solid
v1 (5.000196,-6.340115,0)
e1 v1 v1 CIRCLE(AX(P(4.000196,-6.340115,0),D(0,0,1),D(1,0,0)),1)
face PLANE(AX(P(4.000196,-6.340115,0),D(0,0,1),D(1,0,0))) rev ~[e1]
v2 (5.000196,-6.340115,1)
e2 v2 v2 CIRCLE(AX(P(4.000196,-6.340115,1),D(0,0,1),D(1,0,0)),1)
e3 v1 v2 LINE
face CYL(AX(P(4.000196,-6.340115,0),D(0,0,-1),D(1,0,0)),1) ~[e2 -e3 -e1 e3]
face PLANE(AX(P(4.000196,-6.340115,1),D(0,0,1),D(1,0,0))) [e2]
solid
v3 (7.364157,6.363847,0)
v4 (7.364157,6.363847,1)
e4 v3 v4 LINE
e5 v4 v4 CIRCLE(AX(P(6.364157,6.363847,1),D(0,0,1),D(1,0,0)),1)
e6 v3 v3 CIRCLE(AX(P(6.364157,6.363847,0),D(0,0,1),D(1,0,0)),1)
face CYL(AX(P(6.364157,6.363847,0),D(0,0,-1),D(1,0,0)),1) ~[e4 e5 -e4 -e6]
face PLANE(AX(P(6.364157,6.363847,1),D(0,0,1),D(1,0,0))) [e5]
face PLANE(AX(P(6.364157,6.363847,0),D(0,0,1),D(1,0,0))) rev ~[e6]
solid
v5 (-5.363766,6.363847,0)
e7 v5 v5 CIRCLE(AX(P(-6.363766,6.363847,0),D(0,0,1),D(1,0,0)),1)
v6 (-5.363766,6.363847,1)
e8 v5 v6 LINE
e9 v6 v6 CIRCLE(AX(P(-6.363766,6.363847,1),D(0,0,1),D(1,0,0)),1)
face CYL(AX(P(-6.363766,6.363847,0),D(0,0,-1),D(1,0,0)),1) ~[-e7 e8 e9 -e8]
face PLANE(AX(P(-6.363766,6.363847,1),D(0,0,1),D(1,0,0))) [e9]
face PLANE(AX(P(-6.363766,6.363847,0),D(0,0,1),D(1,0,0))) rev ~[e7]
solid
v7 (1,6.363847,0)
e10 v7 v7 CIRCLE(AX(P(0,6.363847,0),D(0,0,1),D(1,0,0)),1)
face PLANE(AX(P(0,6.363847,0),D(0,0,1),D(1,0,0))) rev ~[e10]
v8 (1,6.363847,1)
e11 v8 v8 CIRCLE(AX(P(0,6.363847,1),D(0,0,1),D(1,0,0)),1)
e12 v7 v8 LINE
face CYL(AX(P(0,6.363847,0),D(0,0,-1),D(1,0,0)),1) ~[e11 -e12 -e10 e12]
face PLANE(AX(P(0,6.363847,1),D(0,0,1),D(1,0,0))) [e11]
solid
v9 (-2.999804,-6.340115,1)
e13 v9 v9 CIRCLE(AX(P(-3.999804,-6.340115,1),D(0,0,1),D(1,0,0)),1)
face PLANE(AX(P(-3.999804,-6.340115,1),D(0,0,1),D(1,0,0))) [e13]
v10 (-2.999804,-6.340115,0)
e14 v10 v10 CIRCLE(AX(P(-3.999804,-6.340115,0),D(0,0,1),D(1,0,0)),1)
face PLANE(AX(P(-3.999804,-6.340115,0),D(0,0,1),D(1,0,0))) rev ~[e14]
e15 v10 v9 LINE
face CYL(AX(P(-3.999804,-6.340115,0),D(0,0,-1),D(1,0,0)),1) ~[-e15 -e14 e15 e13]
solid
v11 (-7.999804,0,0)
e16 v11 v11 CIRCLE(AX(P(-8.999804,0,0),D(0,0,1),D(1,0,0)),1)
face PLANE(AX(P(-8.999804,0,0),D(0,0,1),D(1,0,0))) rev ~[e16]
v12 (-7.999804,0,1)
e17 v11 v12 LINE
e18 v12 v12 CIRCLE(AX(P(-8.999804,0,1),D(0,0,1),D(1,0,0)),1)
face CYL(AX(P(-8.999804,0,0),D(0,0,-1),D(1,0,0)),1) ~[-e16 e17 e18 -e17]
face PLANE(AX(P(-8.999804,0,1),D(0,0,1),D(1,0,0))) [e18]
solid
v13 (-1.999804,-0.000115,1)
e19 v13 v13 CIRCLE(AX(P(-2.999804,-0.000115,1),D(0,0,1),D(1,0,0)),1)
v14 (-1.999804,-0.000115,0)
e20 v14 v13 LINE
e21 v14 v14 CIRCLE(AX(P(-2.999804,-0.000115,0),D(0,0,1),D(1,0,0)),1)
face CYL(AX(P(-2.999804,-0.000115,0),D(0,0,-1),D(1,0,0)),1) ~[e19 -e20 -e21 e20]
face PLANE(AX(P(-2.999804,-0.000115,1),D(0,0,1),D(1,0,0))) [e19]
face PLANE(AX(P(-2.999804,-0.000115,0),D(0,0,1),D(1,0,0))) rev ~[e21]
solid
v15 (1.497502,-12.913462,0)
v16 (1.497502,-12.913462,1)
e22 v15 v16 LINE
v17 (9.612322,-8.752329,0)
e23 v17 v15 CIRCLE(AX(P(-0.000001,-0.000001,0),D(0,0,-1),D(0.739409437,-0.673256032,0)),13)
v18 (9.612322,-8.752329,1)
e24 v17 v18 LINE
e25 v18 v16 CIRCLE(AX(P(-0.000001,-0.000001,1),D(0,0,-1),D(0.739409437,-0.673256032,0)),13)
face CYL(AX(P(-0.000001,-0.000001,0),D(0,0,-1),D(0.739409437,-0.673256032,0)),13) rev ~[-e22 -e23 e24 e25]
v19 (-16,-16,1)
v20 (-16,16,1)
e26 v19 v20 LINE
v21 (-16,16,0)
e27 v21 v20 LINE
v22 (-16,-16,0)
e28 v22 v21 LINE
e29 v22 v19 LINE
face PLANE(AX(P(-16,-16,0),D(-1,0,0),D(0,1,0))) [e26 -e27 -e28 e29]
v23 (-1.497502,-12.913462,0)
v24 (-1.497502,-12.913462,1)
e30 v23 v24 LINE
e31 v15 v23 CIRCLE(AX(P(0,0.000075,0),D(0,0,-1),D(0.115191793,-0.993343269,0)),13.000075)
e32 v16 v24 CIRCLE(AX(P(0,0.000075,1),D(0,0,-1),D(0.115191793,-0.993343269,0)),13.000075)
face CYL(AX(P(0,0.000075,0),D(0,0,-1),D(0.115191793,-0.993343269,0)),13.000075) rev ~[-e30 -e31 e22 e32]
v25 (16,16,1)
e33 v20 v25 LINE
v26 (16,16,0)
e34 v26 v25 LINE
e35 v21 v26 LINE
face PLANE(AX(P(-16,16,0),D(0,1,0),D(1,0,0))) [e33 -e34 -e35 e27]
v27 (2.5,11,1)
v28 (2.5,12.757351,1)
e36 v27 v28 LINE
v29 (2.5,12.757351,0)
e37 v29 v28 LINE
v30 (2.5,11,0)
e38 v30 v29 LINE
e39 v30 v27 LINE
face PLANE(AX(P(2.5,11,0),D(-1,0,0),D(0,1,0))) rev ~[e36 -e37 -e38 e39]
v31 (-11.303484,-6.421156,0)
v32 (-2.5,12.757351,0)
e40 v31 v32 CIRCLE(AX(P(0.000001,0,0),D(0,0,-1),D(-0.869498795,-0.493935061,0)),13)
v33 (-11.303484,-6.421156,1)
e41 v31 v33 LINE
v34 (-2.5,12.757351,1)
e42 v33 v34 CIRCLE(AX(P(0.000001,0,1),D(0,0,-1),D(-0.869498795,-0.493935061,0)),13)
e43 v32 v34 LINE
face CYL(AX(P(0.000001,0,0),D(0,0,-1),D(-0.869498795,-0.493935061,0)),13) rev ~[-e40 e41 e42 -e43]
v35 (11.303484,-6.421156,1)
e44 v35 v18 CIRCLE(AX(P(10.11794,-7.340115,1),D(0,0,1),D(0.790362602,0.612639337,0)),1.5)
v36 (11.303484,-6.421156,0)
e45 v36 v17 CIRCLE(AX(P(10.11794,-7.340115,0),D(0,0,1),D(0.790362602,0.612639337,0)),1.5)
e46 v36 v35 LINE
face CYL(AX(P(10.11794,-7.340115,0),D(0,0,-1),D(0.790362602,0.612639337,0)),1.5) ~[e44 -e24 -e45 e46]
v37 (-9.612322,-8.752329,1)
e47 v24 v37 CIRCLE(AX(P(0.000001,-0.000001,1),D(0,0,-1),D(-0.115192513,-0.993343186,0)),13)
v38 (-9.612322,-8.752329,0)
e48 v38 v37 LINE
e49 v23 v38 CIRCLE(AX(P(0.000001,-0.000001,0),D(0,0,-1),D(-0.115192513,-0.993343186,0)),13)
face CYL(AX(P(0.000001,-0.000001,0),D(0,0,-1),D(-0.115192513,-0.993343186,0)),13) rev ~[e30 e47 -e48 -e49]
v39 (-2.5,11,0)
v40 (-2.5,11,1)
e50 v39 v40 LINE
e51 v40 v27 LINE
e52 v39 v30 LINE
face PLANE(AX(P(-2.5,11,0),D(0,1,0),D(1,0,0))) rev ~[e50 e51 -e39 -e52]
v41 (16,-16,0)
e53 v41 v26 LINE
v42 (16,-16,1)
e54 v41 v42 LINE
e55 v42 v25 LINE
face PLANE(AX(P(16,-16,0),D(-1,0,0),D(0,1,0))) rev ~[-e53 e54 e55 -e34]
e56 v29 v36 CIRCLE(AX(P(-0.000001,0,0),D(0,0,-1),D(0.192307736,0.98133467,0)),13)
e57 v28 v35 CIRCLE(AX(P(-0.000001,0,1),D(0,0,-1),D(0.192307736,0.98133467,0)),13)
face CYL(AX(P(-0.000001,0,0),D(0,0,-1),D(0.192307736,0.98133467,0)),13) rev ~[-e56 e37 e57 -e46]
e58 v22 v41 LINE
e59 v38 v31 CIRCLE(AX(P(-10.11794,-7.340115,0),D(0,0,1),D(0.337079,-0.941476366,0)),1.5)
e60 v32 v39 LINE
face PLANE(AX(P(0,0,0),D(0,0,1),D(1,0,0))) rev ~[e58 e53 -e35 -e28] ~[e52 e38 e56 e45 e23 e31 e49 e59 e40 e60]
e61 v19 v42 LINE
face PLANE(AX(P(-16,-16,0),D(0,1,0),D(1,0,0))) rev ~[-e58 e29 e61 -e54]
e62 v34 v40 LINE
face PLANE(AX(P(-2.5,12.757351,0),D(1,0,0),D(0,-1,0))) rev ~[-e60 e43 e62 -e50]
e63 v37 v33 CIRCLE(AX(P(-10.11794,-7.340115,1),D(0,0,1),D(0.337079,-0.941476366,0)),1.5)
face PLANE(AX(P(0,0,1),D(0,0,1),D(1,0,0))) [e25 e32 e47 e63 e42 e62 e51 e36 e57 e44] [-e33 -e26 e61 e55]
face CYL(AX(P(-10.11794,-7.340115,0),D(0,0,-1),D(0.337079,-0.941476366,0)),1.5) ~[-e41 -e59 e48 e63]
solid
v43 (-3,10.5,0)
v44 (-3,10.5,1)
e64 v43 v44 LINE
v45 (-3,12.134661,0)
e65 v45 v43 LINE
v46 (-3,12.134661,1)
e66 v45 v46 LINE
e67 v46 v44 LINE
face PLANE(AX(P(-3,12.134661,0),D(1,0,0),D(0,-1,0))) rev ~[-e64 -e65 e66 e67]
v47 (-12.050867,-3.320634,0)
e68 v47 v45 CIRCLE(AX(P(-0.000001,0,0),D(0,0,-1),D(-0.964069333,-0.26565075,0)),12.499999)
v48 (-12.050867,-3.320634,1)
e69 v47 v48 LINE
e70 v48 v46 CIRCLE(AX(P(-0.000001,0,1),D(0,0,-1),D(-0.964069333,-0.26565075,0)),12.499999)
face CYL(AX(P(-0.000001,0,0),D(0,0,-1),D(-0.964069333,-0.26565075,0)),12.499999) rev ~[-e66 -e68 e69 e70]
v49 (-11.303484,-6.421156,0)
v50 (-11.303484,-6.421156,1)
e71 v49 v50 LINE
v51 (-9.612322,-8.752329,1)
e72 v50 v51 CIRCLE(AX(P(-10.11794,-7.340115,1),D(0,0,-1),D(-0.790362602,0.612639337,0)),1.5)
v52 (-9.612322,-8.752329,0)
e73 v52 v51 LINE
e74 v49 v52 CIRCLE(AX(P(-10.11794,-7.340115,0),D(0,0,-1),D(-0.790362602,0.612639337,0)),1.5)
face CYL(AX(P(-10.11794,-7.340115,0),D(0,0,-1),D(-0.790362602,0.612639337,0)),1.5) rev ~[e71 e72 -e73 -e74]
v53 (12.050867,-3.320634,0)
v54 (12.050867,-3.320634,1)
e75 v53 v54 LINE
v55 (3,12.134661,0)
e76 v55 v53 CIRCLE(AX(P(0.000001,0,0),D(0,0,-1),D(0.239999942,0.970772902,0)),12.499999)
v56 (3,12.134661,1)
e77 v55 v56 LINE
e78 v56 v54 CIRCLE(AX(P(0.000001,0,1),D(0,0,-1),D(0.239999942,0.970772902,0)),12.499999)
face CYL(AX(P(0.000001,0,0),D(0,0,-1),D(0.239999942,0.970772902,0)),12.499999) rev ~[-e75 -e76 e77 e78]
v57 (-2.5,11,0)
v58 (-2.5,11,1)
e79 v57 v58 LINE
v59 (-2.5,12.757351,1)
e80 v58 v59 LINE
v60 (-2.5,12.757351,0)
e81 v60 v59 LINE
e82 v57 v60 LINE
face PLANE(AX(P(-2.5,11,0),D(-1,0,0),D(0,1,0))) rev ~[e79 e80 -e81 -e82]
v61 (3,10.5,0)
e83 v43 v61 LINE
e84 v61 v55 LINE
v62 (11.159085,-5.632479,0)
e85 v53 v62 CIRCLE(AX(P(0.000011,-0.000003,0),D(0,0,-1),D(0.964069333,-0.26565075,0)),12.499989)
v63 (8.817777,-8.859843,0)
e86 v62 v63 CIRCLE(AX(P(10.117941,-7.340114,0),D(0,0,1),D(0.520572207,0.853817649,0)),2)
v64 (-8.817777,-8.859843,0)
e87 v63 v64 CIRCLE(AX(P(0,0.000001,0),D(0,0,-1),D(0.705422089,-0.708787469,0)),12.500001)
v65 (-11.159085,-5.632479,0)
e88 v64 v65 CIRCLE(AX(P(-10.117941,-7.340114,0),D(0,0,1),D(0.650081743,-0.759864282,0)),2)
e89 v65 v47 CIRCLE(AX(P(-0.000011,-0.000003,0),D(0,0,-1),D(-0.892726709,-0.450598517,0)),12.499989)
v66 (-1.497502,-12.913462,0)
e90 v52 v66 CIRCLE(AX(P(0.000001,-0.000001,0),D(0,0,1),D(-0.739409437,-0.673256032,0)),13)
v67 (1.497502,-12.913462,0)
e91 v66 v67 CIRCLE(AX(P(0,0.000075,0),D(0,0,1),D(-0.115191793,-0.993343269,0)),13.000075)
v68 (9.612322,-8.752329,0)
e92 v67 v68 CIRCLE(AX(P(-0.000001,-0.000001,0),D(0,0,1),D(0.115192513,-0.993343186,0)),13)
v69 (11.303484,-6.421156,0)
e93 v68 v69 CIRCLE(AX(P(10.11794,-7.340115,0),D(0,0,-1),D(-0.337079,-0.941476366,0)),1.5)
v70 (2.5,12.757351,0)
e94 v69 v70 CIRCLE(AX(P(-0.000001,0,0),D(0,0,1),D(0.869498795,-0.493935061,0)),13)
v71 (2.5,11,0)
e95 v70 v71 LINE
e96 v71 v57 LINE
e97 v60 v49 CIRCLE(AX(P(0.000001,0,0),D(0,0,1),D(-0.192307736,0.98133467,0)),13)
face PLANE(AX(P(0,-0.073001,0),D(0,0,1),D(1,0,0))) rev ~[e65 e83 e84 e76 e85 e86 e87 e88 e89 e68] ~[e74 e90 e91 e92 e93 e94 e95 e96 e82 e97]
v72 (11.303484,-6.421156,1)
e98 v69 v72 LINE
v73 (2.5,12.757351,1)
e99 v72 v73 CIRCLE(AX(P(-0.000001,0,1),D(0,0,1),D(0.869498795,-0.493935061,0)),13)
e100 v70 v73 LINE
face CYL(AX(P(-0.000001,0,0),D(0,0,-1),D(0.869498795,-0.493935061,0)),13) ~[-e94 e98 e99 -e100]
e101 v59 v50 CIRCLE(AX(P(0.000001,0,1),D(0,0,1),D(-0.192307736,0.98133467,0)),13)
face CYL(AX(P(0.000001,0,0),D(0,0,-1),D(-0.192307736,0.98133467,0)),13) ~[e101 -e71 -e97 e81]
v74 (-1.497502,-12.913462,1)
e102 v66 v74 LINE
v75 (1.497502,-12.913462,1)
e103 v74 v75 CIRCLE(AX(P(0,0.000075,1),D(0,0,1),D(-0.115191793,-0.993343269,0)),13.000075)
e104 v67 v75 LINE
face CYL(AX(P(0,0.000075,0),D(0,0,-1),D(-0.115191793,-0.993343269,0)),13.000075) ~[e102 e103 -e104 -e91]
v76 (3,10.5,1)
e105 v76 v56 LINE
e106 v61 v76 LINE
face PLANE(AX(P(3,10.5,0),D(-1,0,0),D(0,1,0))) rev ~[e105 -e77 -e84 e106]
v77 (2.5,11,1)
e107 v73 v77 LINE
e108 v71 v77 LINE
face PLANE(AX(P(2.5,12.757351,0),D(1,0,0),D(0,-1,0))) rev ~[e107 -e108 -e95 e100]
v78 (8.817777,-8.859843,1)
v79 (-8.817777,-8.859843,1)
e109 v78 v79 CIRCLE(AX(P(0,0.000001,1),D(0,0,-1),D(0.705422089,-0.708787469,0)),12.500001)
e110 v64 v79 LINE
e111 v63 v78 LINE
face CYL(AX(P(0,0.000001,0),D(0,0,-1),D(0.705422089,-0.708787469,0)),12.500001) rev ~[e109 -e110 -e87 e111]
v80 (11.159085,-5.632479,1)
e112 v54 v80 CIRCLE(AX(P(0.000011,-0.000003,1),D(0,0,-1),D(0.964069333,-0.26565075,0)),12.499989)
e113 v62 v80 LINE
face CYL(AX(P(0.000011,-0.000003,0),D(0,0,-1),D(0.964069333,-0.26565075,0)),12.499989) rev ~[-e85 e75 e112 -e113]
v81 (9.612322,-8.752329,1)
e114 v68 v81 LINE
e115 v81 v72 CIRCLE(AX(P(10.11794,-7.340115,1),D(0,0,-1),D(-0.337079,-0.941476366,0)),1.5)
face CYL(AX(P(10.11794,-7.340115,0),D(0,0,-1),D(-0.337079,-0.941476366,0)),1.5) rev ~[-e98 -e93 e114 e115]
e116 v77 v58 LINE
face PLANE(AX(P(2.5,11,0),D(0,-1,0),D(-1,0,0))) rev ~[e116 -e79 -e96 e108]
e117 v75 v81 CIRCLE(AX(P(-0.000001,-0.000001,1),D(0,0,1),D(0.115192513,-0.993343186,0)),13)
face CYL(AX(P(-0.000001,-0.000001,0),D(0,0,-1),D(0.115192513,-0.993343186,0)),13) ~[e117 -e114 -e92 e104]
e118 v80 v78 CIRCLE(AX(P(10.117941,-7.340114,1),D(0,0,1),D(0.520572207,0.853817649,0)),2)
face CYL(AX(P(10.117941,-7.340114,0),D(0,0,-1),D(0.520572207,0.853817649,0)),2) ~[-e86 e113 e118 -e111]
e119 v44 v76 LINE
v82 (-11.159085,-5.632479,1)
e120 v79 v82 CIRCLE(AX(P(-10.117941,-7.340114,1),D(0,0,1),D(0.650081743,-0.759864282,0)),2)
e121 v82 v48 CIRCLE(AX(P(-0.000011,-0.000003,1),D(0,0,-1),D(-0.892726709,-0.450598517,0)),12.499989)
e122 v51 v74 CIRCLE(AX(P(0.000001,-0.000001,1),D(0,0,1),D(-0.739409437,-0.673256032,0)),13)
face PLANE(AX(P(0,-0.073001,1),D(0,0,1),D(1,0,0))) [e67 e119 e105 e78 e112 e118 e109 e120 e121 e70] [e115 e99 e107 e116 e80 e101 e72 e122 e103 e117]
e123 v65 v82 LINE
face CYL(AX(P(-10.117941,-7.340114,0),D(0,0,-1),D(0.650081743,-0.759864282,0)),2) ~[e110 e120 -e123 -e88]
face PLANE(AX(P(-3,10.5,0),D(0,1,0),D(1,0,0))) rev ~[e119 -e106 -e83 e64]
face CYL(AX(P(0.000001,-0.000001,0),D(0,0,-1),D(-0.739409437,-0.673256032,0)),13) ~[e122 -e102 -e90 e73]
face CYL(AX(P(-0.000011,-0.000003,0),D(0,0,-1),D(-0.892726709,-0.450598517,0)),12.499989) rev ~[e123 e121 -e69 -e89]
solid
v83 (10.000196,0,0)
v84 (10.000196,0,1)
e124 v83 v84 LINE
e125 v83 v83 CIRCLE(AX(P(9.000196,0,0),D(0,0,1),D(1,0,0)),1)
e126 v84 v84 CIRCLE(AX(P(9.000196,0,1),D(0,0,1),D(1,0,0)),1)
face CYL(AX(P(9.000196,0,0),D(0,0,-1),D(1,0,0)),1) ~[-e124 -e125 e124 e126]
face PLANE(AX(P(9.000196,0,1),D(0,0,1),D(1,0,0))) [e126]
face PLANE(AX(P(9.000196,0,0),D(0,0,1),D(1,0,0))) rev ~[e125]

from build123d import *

# Parameters (mm, degrees)
F0_R     = 1
F1_DEPTH = 1
F0_W     = 32
F0_H     = 32
F2_DEPTH = 1


with BuildPart() as f1:
    # F0 (on Top) → F1 (new body)
    with BuildSketch(Plane.XY):
        with BuildLine():
            ThreePointArc((-1.497502, -12.913462), (0, -13), (1.497502, -12.913462))
            ThreePointArc((1.497502, -12.913462), (5.931762, -11.567809), (9.612322, -8.752329))
            ThreePointArc((9.612322, -8.752329), (8.903788, -6.459301), (11.303484, -6.421156))
            ThreePointArc((11.303484, -6.421156), (11.814729, 5.423299), (2.5, 12.757351))
            Line((2.5, 12.757351), (2.5, 11))
            Line((2.5, 11), (-2.5, 11))
            Line((-2.5, 11), (-2.5, 12.757351))
            ThreePointArc((-2.5, 12.757351), (-11.814729, 5.423299), (-11.303484, -6.421156))
            ThreePointArc((-11.303484, -6.421156), (-8.903788, -6.459301), (-9.612322, -8.752329))
            ThreePointArc((-9.612322, -8.752329), (-5.931762, -11.567809), (-1.497502, -12.913462))
        make_face()
        with BuildLine():
            ThreePointArc((-11.159085, -5.632479), (-11.662402, -4.498709), (-12.050867, -3.320634))
            ThreePointArc((-12.050867, -3.320634), (-10.786505, 6.316749), (-3, 12.134661))
            Line((-3, 12.134661), (-3, 10.5))
            Line((-3, 10.5), (3, 10.5))
            Line((3, 10.5), (3, 12.134661))
            ThreePointArc((3, 12.134661), (10.786505, 6.316749), (12.050867, -3.320634))
            ThreePointArc((12.050867, -3.320634), (11.662402, -4.498709), (11.159085, -5.632479))
            ThreePointArc((11.159085, -5.632479), (8.49907, -6.165696), (8.817777, -8.859843))
            ThreePointArc((8.817777, -8.859843), (0, -12.5), (-8.817777, -8.859843))
            ThreePointArc((-8.817777, -8.859843), (-8.49907, -6.165696), (-11.159085, -5.632479))
        make_face(mode=Mode.SUBTRACT)
        with Locations((-8.999804, 0)):
            Circle(F0_R)
        with Locations((-6.363766, 6.363847)):
            Circle(F0_R)
        with Locations((0, 6.363847)):
            Circle(F0_R)
        with Locations((6.364157, 6.363847)):
            Circle(F0_R)
        with Locations((9.000196, 0)):
            Circle(F0_R)
        with Locations((-2.999804, -0.000115)):
            Circle(F0_R)
        with Locations((-3.999804, -6.340115)):
            Circle(F0_R)
        with Locations((4.000196, -6.340115)):
            Circle(F0_R)
    extrude(amount=F1_DEPTH)


with BuildPart() as f2:
    # F0 (on Top) → F2 (new body)
    with BuildSketch(Plane.XY):
        Rectangle(F0_W, F0_H)
        with BuildLine():
            ThreePointArc((9.612322, -8.752329), (5.931762, -11.567809), (1.497502, -12.913462))
            ThreePointArc((1.497502, -12.913462), (0, -13), (-1.497502, -12.913462))
            ThreePointArc((-1.497502, -12.913462), (-5.931762, -11.567809), (-9.612322, -8.752329))
            ThreePointArc((-9.612322, -8.752329), (-8.903788, -6.459301), (-11.303484, -6.421156))
            ThreePointArc((-11.303484, -6.421156), (-11.814729, 5.423299), (-2.5, 12.757351))
            Line((-2.5, 12.757351), (-2.5, 11))
            Line((-2.5, 11), (2.5, 11))
            Line((2.5, 11), (2.5, 12.757351))
            ThreePointArc((2.5, 12.757351), (11.814729, 5.423299), (11.303484, -6.421156))
            ThreePointArc((11.303484, -6.421156), (8.903788, -6.459301), (9.612322, -8.752329))
        make_face(mode=Mode.SUBTRACT)
    extrude(amount=F2_DEPTH)


solid = Compound([f1.part, f2.part])
